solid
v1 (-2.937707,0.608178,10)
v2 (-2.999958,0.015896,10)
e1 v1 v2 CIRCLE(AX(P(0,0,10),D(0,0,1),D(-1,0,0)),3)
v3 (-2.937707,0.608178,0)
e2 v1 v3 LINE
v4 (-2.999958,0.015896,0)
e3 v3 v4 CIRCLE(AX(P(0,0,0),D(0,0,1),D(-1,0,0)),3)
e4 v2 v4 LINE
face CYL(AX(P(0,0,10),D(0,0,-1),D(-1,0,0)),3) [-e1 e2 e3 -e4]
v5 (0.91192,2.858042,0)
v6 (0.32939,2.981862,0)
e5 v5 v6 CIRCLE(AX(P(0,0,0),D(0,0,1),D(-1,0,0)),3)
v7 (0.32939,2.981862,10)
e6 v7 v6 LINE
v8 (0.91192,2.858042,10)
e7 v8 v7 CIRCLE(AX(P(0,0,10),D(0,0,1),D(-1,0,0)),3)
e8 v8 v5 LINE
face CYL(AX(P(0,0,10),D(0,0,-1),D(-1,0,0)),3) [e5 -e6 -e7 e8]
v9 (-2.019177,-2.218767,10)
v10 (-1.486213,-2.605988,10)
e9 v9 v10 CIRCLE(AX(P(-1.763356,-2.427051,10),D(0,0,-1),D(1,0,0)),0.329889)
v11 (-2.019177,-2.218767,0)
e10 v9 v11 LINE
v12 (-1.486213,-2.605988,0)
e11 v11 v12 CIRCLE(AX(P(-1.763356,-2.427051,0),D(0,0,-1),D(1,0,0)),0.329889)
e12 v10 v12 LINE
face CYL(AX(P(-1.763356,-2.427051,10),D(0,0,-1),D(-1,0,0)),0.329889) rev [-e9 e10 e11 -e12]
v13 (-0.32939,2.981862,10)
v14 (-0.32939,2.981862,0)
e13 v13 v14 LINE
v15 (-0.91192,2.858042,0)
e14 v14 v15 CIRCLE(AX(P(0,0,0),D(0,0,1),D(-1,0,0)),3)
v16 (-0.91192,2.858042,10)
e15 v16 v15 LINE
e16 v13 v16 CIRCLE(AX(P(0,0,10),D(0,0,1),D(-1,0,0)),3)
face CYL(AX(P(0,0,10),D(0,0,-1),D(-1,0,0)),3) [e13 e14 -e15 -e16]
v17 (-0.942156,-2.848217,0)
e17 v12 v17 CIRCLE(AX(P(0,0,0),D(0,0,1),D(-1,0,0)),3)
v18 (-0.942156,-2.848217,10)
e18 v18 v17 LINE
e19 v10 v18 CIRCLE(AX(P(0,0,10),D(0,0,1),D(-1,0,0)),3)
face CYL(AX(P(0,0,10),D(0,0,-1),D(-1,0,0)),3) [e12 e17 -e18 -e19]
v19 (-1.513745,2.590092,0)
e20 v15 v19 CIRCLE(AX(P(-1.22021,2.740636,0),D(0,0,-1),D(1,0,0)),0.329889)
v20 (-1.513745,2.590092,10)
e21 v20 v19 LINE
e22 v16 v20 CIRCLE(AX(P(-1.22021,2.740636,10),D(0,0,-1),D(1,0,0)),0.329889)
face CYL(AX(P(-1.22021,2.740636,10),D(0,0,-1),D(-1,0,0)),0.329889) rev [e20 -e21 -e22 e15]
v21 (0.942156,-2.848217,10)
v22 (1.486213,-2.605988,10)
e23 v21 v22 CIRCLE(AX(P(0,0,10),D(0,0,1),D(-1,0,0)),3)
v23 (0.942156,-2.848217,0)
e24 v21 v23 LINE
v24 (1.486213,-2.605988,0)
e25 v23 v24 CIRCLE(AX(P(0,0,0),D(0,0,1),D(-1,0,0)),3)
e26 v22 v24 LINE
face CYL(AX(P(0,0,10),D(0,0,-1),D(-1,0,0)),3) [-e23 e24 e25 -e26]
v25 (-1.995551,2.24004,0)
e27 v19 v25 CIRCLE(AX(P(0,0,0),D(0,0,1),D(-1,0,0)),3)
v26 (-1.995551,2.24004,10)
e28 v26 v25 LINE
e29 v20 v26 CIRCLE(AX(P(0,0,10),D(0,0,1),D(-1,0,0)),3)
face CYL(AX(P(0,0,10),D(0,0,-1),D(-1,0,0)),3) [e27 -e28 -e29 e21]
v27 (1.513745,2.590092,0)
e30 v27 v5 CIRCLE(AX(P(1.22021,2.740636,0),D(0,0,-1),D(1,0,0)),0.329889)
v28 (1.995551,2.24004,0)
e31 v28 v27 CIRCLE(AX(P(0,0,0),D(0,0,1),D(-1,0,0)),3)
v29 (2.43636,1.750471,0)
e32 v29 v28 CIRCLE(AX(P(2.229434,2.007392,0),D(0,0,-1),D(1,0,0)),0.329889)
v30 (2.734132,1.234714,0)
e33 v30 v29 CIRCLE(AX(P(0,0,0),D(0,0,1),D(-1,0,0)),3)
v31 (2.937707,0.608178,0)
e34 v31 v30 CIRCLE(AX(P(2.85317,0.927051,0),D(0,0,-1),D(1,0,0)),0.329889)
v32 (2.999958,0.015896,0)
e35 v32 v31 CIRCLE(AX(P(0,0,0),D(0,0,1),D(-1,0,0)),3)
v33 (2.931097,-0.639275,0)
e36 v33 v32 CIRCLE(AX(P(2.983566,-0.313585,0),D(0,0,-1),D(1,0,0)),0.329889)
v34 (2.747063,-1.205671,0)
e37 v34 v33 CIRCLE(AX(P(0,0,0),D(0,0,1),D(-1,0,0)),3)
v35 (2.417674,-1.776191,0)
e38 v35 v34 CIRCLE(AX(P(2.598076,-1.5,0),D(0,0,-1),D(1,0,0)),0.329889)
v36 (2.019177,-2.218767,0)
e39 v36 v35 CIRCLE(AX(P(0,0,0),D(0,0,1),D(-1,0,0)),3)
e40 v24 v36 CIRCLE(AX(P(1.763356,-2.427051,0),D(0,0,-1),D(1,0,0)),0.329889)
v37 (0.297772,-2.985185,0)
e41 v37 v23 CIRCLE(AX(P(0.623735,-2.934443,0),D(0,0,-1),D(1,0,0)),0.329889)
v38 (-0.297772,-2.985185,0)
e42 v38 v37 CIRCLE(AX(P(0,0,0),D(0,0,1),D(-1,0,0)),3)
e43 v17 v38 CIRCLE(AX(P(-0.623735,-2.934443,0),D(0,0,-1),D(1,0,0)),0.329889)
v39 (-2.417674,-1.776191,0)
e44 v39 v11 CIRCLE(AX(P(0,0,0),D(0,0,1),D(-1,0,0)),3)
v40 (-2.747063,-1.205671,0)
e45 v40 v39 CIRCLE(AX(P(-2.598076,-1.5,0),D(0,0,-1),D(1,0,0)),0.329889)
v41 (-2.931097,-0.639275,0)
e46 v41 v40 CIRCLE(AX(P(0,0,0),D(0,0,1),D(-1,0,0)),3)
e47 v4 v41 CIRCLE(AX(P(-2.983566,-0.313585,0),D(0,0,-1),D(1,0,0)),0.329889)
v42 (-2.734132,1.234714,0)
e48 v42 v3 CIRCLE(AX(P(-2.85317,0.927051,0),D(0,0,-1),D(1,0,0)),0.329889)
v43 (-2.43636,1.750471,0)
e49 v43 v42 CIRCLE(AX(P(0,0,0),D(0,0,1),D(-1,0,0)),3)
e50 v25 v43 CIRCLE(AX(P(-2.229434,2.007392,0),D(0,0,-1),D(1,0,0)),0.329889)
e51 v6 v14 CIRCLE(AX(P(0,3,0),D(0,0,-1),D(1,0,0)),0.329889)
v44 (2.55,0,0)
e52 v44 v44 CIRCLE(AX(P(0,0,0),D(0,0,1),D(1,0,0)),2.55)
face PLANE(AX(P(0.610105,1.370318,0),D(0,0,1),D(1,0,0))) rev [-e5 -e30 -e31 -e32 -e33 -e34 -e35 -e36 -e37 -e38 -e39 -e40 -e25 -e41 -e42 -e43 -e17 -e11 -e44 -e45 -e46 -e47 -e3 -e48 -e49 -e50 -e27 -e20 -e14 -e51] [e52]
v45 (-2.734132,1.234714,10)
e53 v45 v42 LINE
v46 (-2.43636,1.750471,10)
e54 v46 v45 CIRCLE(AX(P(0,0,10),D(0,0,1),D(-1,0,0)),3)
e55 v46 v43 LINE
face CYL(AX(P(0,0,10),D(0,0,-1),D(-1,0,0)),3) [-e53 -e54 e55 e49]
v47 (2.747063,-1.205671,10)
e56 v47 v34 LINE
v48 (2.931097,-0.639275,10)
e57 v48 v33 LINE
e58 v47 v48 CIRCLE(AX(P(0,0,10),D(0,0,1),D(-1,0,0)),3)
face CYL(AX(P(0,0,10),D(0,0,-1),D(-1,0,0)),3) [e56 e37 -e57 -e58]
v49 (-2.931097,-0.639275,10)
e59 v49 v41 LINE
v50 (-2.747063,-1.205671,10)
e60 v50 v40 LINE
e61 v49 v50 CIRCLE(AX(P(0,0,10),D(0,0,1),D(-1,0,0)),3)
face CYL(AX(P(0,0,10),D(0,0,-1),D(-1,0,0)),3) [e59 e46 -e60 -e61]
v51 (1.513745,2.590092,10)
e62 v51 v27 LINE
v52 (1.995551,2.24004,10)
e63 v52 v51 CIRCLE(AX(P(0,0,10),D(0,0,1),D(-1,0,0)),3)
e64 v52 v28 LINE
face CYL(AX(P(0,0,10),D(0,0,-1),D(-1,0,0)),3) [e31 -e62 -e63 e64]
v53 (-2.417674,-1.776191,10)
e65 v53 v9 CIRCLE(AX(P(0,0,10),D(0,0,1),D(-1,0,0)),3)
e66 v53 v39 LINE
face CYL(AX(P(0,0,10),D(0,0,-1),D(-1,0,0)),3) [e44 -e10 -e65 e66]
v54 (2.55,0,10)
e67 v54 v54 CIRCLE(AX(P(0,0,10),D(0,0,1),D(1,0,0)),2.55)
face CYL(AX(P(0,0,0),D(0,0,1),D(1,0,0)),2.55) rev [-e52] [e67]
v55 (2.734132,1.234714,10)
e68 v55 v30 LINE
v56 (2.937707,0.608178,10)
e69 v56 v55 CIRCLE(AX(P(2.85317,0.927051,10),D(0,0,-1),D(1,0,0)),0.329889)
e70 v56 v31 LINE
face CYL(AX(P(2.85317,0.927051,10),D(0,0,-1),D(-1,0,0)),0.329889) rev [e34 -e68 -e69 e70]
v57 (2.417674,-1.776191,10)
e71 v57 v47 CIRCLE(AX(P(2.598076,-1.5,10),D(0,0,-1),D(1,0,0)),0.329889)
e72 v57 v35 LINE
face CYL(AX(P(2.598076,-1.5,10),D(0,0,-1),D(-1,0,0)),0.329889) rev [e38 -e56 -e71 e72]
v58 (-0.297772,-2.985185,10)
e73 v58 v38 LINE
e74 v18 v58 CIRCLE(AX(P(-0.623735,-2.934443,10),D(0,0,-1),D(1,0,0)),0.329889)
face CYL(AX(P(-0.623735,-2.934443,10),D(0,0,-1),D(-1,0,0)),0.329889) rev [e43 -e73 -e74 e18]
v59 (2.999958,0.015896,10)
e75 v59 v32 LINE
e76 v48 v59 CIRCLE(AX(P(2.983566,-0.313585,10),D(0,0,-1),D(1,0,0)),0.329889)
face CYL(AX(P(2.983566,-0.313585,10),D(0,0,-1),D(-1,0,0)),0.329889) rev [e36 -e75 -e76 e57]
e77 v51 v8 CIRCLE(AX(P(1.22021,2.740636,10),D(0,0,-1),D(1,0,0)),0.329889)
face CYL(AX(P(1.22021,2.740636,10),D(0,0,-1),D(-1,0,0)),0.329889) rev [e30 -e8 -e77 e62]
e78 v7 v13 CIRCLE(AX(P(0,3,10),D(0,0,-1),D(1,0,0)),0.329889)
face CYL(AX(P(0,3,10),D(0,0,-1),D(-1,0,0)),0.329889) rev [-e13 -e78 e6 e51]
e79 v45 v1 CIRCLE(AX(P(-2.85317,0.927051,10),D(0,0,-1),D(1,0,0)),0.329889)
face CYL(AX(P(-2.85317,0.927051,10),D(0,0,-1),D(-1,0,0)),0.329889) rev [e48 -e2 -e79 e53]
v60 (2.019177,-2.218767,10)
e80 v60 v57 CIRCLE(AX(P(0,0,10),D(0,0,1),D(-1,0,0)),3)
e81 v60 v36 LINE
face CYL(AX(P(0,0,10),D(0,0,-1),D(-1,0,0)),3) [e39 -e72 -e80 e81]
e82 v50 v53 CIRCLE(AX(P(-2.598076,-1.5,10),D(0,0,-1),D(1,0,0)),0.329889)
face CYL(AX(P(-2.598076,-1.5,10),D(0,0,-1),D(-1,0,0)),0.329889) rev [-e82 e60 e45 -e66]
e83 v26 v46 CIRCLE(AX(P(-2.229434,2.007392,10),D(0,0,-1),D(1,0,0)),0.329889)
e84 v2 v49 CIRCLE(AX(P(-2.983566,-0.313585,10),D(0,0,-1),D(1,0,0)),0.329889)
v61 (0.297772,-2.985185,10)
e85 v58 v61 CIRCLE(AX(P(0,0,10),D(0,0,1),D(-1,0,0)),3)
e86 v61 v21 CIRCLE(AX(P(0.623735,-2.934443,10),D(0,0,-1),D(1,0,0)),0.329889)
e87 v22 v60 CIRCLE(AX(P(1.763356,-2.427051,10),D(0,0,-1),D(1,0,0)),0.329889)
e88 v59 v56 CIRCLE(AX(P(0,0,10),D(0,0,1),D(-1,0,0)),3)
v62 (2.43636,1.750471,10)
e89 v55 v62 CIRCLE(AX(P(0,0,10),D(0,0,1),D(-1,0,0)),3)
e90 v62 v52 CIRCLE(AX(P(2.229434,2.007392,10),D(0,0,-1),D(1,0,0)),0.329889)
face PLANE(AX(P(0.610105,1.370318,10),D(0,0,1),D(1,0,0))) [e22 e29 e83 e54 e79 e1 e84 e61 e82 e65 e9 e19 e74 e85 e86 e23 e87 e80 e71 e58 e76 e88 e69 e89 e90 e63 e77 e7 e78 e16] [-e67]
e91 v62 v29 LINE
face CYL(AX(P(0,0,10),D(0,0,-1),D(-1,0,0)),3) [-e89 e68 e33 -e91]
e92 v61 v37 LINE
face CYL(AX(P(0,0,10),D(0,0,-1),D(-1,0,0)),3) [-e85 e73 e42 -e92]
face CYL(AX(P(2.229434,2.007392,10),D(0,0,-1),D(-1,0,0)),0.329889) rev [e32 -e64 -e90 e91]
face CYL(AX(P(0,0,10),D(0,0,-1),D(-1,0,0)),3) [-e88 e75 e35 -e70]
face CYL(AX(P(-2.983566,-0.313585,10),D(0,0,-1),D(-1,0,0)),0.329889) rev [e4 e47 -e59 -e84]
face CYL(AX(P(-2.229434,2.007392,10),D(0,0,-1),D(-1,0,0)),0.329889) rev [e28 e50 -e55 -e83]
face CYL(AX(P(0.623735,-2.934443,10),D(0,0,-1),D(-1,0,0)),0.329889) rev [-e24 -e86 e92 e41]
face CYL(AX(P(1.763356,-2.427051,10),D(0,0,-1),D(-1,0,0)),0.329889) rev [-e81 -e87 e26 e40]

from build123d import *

# Parameters (mm, degrees)
BOSS_EXTRUDE1_DEPTH = 10
SKETCH2_R           = 2.55
CUT_EXTRUDE1_DEPTH  = 10


with BuildPart() as part:
    # Sketch1 → Boss-Extrude1 (new body)
    with BuildSketch(Plane.XY):
        with BuildLine():
            ThreePointArc((0.329389796, 2.981862231), (0.623735072, 2.934442802), (0.911920082, 2.858041596))
            ThreePointArc((0.911920082, 2.858041596), (1.086032069, 2.439267964), (1.513745185, 2.590091796))
            ThreePointArc((1.513745185, 2.590091796), (1.763355757, 2.427050983), (1.995550693, 2.240039605))
            ThreePointArc((1.995550693, 2.240039605), (1.984279326, 1.786653131), (2.436360281, 1.75047096))
            ThreePointArc((2.436360281, 1.75047096), (2.598076211, 1.5), (2.734132461, 1.234714416))
            ThreePointArc((2.734132461, 1.234714416), (2.539426662, 0.82510974), (2.93770655, 0.608177793))
            ThreePointArc((2.93770655, 0.608177793), (2.983565686, 0.31358539), (2.999957886, 0.015895887))
            ThreePointArc((2.999957886, 0.015895887), (2.655484058, -0.279102621), (2.931096668, -0.639274841))
            ThreePointArc((2.931096668, -0.639274841), (2.853169549, -0.927050983), (2.74706334, -1.205671185))
            ThreePointArc((2.74706334, -1.205671185), (2.312384136, -1.335055603), (2.417673544, -1.776191046))
            ThreePointArc((2.417673544, -1.776191046), (2.229434476, -2.007391819), (2.019176586, -2.218766755))
            ThreePointArc((2.019176586, -2.218766755), (1.569451989, -2.160165343), (1.486212701, -2.605987684))
            ThreePointArc((1.486212701, -2.605987684), (1.220209929, -2.740636373), (0.942155856, -2.848217397))
            ThreePointArc((0.942155856, -2.848217397), (0.555147336, -2.61176287), (0.29777218, -2.985185376))
            ThreePointArc((0.29777218, -2.985185376), (0, -3), (-0.29777218, -2.985185376))
            ThreePointArc((-0.29777218, -2.985185376), (-0.555147336, -2.61176287), (-0.942155856, -2.848217397))
            ThreePointArc((-0.942155856, -2.848217397), (-1.220209929, -2.740636373), (-1.486212701, -2.605987684))
            ThreePointArc((-1.486212701, -2.605987684), (-1.569451989, -2.160165343), (-2.019176586, -2.218766755))
            ThreePointArc((-2.019176586, -2.218766755), (-2.229434476, -2.007391819), (-2.417673544, -1.776191046))
            ThreePointArc((-2.417673544, -1.776191046), (-2.312384136, -1.335055603), (-2.74706334, -1.205671185))
            ThreePointArc((-2.74706334, -1.205671185), (-2.853169549, -0.927050983), (-2.931096668, -0.639274841))
            ThreePointArc((-2.931096668, -0.639274841), (-2.655484058, -0.279102621), (-2.999957886, 0.015895887))
            ThreePointArc((-2.999957886, 0.015895887), (-2.983565686, 0.31358539), (-2.93770655, 0.608177793))
            ThreePointArc((-2.93770655, 0.608177793), (-2.539426662, 0.82510974), (-2.734132461, 1.234714416))
            ThreePointArc((-2.734132461, 1.234714416), (-2.598076211, 1.5), (-2.436360281, 1.75047096))
            ThreePointArc((-2.436360281, 1.75047096), (-1.984279326, 1.786653131), (-1.995550693, 2.240039605))
            ThreePointArc((-1.995550693, 2.240039605), (-1.763355757, 2.427050983), (-1.513745185, 2.590091796))
            ThreePointArc((-1.513745185, 2.590091796), (-1.086032069, 2.439267964), (-0.911920082, 2.858041596))
            ThreePointArc((-0.911920082, 2.858041596), (-0.623735072, 2.934442802), (-0.329389796, 2.981862231))
            ThreePointArc((-0.329389796, 2.981862231), (0, 2.670111206), (0.329389796, 2.981862231))
        make_face()
    extrude(amount=BOSS_EXTRUDE1_DEPTH)

    # Sketch2 → Cut-Extrude1 (cut)
    with BuildSketch(Plane.XY.offset(10)):
        Circle(SKETCH2_R)
    extrude(amount=-CUT_EXTRUDE1_DEPTH, mode=Mode.SUBTRACT)


solid = part.part
